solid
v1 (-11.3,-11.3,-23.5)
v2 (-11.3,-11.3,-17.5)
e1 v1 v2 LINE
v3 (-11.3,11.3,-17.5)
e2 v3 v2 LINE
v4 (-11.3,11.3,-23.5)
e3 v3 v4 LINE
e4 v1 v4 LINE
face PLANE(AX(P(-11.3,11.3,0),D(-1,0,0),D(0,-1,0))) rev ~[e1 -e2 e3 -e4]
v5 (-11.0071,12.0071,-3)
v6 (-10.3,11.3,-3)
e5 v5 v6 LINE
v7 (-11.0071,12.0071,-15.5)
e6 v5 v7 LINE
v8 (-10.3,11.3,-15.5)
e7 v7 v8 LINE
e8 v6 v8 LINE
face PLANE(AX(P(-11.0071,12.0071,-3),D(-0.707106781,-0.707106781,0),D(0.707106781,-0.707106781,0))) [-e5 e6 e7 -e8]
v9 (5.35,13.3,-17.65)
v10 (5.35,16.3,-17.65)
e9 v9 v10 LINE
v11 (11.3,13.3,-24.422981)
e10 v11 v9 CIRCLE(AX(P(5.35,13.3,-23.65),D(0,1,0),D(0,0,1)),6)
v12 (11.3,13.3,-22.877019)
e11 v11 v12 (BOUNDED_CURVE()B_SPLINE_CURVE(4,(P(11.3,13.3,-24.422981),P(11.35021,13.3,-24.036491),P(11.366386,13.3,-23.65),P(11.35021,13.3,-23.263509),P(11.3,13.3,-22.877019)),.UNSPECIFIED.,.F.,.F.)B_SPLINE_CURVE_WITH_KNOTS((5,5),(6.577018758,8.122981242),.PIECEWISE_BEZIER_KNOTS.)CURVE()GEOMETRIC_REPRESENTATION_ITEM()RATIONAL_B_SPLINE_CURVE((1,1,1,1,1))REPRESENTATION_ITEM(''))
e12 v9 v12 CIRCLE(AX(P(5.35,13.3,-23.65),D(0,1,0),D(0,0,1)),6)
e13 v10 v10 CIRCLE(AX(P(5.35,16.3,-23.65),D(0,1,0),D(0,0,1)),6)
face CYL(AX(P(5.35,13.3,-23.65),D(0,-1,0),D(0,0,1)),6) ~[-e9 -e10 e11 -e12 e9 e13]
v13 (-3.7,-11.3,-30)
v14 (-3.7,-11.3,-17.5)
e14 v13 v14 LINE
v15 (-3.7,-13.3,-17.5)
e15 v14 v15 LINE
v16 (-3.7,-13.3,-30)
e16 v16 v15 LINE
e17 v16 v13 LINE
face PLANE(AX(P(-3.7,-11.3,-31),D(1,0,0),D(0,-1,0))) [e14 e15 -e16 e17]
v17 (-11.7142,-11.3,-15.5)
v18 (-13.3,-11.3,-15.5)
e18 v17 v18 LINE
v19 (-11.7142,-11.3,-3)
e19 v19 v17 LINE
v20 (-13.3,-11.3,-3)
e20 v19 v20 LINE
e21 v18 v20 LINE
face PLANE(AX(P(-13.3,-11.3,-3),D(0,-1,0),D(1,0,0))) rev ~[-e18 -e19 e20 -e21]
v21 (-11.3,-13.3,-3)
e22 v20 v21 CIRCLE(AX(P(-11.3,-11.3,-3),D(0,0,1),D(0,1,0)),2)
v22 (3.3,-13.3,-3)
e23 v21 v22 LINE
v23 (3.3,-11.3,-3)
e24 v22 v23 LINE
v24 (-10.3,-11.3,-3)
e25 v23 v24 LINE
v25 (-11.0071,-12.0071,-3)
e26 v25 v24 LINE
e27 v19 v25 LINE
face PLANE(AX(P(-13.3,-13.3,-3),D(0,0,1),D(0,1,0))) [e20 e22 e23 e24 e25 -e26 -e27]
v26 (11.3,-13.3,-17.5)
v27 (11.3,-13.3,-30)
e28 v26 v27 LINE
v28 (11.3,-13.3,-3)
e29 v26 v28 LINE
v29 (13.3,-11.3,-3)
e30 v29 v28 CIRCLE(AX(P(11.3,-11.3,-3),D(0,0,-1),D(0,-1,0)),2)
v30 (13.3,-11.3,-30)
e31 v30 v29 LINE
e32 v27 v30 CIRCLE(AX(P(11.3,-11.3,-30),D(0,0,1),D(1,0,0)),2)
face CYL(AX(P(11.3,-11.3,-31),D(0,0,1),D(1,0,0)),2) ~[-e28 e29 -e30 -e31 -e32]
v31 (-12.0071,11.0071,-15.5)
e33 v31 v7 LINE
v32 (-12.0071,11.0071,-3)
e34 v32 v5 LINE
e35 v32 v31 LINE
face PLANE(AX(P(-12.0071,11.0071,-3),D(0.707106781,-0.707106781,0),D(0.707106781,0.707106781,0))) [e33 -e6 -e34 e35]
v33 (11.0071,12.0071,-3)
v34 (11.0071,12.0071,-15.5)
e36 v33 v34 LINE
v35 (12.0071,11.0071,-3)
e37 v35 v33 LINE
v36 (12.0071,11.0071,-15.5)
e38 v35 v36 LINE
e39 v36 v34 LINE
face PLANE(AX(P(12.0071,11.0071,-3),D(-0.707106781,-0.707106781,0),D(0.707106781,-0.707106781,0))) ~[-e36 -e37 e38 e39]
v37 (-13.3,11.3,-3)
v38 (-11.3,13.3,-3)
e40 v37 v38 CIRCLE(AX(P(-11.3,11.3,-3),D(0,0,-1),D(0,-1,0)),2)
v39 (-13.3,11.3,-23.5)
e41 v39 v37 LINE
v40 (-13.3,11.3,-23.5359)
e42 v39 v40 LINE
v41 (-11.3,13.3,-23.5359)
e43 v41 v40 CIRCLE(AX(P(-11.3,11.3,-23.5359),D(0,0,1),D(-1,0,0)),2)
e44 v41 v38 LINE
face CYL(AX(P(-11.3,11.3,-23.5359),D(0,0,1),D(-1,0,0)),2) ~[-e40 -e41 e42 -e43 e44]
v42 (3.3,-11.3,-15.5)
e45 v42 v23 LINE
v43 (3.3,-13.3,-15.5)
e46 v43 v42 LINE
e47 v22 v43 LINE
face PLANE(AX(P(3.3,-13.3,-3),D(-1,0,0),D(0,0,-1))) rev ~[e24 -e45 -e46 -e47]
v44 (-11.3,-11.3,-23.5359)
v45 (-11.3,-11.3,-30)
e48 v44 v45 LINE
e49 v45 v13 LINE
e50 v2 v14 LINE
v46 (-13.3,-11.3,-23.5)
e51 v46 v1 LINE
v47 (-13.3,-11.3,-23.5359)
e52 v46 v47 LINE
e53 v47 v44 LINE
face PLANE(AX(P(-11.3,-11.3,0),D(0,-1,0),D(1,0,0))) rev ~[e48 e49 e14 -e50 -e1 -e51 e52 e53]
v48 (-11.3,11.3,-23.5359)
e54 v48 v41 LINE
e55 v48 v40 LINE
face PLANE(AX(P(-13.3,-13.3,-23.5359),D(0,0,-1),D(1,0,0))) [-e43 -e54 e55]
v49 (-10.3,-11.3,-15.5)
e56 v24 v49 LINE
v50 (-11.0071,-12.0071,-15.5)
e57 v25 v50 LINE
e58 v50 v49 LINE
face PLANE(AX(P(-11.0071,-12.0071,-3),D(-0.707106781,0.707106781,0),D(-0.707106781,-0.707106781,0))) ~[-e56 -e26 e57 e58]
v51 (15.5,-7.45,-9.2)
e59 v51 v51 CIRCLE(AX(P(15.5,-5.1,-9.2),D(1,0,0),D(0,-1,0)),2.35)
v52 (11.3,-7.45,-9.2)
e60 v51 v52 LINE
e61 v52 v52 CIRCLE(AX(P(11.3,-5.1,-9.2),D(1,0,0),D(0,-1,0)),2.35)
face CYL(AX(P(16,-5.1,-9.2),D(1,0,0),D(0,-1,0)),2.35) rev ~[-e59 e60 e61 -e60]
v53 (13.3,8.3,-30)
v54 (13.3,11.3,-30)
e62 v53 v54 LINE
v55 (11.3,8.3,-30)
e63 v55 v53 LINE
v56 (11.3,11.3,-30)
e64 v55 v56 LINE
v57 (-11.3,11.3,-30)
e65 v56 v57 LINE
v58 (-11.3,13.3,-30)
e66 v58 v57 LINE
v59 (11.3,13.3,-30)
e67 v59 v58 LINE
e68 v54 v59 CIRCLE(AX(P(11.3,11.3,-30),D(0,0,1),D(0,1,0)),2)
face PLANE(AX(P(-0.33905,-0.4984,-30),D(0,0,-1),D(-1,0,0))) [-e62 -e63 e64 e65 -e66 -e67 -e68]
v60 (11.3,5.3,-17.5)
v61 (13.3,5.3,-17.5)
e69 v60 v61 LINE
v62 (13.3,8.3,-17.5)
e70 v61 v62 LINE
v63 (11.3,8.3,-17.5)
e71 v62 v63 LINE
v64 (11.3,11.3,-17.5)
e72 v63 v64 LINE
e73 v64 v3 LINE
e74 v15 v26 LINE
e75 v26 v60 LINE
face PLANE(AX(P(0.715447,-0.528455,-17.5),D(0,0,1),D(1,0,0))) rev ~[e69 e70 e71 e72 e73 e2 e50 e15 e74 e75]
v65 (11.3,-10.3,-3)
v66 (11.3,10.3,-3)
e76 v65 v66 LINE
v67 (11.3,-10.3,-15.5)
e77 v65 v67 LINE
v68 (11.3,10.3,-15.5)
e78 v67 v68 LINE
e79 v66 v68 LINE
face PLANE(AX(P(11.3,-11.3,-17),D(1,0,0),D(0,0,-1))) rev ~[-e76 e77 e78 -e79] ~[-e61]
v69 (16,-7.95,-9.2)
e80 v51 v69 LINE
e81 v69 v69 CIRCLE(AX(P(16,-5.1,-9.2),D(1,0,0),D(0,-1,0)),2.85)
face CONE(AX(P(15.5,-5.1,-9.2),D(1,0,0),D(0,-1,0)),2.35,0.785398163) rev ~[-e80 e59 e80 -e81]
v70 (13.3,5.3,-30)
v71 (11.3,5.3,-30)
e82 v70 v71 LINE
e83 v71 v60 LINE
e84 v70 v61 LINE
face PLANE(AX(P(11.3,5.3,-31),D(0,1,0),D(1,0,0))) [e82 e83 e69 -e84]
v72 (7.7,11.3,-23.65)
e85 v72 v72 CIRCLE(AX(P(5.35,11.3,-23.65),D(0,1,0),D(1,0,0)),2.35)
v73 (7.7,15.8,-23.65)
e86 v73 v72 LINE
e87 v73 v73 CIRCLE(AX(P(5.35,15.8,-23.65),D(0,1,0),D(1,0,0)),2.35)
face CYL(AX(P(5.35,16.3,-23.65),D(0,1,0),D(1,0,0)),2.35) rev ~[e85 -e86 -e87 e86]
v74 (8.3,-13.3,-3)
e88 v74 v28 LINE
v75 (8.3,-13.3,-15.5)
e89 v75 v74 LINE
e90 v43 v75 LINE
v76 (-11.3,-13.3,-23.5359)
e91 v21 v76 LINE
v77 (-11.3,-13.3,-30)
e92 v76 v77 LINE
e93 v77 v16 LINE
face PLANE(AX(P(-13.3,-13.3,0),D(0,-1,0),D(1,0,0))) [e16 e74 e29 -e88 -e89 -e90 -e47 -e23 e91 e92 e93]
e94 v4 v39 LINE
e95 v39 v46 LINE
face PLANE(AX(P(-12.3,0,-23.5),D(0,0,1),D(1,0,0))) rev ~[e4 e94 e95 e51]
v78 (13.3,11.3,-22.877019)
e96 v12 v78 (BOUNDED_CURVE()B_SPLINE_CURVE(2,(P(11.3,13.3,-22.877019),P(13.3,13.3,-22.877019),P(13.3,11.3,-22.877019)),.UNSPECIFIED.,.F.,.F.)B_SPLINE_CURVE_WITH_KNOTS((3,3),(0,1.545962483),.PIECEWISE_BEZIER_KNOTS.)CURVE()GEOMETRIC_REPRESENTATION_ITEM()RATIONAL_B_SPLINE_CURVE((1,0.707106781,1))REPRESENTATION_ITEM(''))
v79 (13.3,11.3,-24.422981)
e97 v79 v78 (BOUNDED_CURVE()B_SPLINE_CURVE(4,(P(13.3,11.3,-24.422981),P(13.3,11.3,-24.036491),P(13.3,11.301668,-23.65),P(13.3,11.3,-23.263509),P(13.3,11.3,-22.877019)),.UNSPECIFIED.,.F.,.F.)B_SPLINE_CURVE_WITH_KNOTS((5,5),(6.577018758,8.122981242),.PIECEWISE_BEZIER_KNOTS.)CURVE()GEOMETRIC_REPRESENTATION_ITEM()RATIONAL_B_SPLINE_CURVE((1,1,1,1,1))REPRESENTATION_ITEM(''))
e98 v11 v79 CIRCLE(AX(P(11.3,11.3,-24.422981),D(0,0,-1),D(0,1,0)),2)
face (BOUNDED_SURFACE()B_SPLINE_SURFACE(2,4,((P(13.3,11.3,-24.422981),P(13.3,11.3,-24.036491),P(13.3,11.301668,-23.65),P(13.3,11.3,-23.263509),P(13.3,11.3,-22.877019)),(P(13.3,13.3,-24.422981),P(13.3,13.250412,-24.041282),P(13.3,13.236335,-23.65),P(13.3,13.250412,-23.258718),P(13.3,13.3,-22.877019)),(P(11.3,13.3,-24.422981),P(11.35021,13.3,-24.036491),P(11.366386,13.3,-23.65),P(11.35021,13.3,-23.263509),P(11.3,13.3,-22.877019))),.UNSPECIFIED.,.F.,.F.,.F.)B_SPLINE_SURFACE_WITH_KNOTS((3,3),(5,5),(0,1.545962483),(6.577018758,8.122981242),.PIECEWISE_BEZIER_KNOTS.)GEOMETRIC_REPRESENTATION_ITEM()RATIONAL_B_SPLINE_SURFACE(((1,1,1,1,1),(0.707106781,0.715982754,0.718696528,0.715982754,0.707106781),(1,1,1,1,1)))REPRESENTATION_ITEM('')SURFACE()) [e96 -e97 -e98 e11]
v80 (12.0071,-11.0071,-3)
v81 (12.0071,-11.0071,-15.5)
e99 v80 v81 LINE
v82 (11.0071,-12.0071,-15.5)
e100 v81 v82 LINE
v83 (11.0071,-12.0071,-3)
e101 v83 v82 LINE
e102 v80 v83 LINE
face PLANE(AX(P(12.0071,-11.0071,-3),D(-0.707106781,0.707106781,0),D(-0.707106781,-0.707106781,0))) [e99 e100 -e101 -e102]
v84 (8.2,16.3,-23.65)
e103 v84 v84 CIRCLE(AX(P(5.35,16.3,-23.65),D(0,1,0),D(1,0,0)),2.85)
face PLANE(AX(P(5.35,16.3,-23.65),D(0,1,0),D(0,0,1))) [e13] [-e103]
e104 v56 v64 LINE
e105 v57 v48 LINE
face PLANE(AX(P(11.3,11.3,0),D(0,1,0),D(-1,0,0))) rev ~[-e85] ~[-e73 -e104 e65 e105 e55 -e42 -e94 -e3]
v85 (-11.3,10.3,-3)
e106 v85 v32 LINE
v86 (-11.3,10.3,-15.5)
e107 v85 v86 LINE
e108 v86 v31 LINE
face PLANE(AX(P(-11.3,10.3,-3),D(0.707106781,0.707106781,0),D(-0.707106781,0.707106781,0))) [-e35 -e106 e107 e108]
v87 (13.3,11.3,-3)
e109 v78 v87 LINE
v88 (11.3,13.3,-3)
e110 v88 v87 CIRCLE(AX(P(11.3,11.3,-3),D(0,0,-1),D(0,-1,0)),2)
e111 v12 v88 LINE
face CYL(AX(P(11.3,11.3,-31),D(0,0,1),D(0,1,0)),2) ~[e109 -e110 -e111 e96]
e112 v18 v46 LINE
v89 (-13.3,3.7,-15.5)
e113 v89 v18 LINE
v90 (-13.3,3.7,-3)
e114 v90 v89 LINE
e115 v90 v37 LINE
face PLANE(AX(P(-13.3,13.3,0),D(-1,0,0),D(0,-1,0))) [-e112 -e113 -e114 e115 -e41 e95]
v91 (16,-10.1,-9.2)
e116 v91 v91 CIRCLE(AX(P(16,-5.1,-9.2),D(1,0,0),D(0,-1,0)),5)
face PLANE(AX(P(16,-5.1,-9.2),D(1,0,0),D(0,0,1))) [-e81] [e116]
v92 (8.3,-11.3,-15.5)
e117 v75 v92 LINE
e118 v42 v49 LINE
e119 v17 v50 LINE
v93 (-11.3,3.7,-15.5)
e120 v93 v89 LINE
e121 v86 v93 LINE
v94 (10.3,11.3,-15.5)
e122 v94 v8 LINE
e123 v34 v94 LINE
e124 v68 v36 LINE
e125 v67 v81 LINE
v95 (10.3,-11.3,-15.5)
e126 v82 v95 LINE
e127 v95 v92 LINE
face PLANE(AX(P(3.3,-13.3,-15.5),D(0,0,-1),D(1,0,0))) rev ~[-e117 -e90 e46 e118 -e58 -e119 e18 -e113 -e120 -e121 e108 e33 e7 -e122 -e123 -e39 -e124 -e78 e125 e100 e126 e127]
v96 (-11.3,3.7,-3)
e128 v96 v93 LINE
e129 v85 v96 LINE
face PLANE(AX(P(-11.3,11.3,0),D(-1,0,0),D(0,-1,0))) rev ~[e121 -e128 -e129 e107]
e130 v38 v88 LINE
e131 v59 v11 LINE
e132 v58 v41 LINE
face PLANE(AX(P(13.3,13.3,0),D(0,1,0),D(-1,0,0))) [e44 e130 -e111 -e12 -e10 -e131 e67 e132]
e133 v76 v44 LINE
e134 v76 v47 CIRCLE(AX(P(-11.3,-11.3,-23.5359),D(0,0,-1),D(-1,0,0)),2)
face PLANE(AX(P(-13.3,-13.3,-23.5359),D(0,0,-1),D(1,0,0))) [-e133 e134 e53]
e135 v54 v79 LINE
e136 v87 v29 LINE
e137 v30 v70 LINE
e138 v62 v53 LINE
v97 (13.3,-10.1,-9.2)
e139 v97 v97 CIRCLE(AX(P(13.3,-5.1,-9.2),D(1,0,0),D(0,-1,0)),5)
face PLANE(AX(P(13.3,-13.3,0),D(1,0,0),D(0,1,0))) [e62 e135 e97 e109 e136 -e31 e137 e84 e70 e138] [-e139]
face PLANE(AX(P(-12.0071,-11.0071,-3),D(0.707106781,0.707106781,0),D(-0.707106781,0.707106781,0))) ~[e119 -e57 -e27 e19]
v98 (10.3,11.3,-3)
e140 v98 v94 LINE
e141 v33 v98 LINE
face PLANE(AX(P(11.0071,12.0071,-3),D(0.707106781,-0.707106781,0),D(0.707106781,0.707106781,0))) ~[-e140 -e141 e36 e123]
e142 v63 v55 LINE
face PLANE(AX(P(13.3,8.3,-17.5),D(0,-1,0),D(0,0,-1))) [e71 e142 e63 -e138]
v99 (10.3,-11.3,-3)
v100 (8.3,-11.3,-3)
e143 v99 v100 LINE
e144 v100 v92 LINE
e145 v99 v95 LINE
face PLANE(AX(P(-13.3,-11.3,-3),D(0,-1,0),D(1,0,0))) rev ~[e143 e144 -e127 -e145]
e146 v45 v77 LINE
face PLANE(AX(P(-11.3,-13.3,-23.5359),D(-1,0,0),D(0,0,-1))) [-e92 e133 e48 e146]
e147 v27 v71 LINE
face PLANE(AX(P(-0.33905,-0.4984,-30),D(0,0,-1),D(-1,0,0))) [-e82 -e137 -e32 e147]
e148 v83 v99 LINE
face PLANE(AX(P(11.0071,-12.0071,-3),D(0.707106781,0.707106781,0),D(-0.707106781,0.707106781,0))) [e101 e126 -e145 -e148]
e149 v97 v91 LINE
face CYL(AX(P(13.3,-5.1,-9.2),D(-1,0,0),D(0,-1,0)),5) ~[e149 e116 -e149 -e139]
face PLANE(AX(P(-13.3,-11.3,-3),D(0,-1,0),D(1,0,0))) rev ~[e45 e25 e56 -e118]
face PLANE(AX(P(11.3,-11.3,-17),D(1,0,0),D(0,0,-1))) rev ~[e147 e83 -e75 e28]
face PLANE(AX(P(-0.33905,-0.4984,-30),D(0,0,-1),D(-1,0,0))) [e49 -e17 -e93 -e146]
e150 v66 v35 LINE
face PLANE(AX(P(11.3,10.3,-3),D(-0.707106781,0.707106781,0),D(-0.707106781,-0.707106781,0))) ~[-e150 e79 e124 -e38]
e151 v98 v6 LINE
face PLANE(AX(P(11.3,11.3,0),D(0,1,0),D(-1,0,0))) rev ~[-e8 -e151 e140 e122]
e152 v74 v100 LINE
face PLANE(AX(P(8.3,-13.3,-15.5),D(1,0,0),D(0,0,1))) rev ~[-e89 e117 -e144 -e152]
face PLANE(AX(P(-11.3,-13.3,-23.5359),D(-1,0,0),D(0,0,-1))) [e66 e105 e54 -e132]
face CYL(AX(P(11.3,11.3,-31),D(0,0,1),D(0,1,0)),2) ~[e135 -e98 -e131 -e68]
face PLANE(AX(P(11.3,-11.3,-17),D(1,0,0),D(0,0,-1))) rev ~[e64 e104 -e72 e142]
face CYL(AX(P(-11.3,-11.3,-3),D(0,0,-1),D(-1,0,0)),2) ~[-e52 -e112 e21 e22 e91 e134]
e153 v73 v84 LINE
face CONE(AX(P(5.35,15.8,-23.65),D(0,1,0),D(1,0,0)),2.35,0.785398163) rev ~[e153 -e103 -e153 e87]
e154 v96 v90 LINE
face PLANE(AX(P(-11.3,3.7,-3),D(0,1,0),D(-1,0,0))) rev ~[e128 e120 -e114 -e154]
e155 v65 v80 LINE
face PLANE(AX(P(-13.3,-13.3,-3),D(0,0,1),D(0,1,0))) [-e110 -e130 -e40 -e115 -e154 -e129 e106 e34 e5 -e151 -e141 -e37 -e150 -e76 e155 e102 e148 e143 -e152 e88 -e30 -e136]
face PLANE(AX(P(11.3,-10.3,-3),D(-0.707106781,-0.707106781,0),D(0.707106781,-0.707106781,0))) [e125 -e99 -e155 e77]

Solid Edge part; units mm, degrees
sketch "Sketch1" plane through (0, 0, 0) normal (0, 0, 1) x (1, 0, 0)
  line L0 (-11.3, -11.3) -> (11.3, -11.3)
  line L1 (11.3, -11.3) -> (11.3, 11.3)
  line L2 (11.3, 11.3) -> (-11.3, 11.3)
  line L3 (-11.3, 11.3) -> (-11.3, -11.3)
  dimension "D1" = 22.6
  dimension "D2" = 22.6
extrude "Protrusion1" add sketch "Sketch1" against normal blind 3
sketch "Sketch2" plane through (0, 0, 0) normal (0, 0, 1) x (1, 0, 0)
  line L0 (-13.3, -13.3) -> (13.3, -13.3)
  line L1 (13.3, -13.3) -> (13.3, 13.3)
  line L2 (13.3, 13.3) -> (-13.3, 13.3)
  line L3 (-13.3, 13.3) -> (-13.3, -13.3)
  line L4 (-11.3, -11.3) -> (11.3, -11.3)
  line L5 (11.3, -11.3) -> (11.3, 11.3)
  line L6 (11.3, 11.3) -> (-11.3, 11.3)
  line L7 (-11.3, 11.3) -> (-11.3, -11.3)
  dimension "D1" = 2
  dimension "D2" = 2
  dimension "D3" = 2
  dimension "D4" = 2
extrude "Extrusionsausprägung_2" add sketch "Sketch2" against normal blind 31
sketch "Sketch3" plane through (13.3, 3, -15.5) normal (1, 0, 0) x (0, -1, 0)
  circle A0 centre (8.1, -6.3) radius 5
  dimension "D1" = 10
  dimension "D2" = 8.2
  dimension "D3" = 9.2
extrude "Protrusion2" add sketch "Sketch3" along normal blind 2.7
sketch "Sketch4" plane through (16, 5.1, -9.2) normal (1, 0, 0) x (0, -1, 0)
  circle A0 centre (10.2, 0) radius 2.35
  dimension "D1" = 4.7
extrude "Cutout1" cut sketch "Sketch4" against normal through all
sketch "Sketch5" plane through (0, -11.3, -14) normal (0, 1, 0) x (1, 0, 0)
  line L0 (11.3, 17) -> (-3.7, 17)
  line L1 (-3.7, 3) -> (-3.7, 17)
  line L2 (-3.7, 3) -> (11.3, 3)
  line L3 (11.3, 3) -> (11.3, 17)
  dimension "D1" = 14
  dimension "D2" = 15
extrude "Cutout2" cut sketch "Sketch5" against normal through all
sketch "Sketch6" plane through (13.3, 3, -15.5) normal (1, 0, 0) x (0, -1, 0)
  line L0 (-2.3, 15.5) -> (-2.3, 2)
  line L1 (-2.3, 2) -> (-5.3, 2)
  line L2 (-5.3, 2) -> (-5.3, 15.5)
  line L3 (-5.3, 15.5) -> (-2.3, 15.5)
  dimension "D1" = 13.5
  dimension "D2" = 5
extrude "Cutout3" cut sketch "Sketch6" against normal up to next
sketch "Sketch7" plane through (-4.5, 12.3, -18.5) normal (0, 0, -1) x (-1, 0, 0)
  line L0 (8.8, 1) -> (-17.8, 1)
  line L1 (-17.8, 1) -> (-17.8, -25.6)
  line L2 (-17.8, -25.6) -> (8.8, -25.6)
  line L3 (8.8, -25.6) -> (8.8, 1)
extrude "Extrusionsausprägung_5" add sketch "Sketch7" against normal blind 3
sketch "Sketch8" plane through (-13.3, 0, -15.5) normal (-1, 0, 0) x (0, 1, 0)
  line L0 (13.3, -15.5) -> (-13.3, -15.5)
  line L1 (-13.3, -15.5) -> (-13.3, -12.5)
  line L2 (-13.3, -12.5) -> (13.3, -12.5)
  line L3 (13.3, -12.5) -> (13.3, -15.5)
  dimension "D1" = 3
extrude "Cutout4" cut sketch "Sketch8" against normal through all
sketch "Sketch9" plane through (0, 0, -3) normal (0, 0, 1) x (0, -1, 0)
  line L0 (11.3, -13.3) -> (11.3, -11.3)
  line L1 (11.3, -11.3) -> (-3.7, -11.3)
  line L2 (-3.7, -11.3) -> (-3.7, -13.3)
  line L3 (-3.7, -13.3) -> (11.3, -13.3)
  dimension "D1" = 15
  dimension "D2" = 2
extrude "Cutout5" cut sketch "Sketch9" against normal up to vertex (12.5 mm away)
sketch "Sketch10" plane through (0, 13.3, -17) normal (0, 1, 0) x (0, 0, 1)
  circle A0 centre (-6.65, 5.35) radius 6
  dimension "D1" = 7.35
  dimension "D2" = 7.95
  dimension "D3" = 12
extrude "Extrusionsausprägung_6" add sketch "Sketch10" along normal blind 3
sketch "Sketch11" plane through (4.9, 16.3, -24.7) normal (0, 1, 0) x (1, 0, 0)
  circle A0 centre (0.45, -1.05) radius 2.35
extrude "Cutout6" cut sketch "Sketch11" against normal up to next
sketch "Sketch12" plane through (0, 13.3, -18) normal (0, 1, 0) x (1, 0, 0)
  line L0 (-11.3, 13) -> (-13.3, 5.5359)
  line L1 (-13.3, 13) -> (-13.3, 5.5359)
  line L2 (-11.3, 13) -> (-13.3, 13)
  dimension "D1" = 2
extrude "Cutout7" cut sketch "Sketch12" against normal up to next
sketch "Sketch13" plane through (0.3352, -13.3, -18) normal (0, -1, 0) x (1, 0, 0)
  line L0 (2.9648, 2.5) -> (7.9648, 2.5)
  line L1 (7.9648, 2.5) -> (7.9648, 15)
  line L2 (7.9648, 15) -> (2.9648, 15)
  line L3 (2.9648, 15) -> (2.9648, 2.5)
  dimension "D1" = 5
  dimension "D2" = 3
extrude "Cutout8" cut sketch "Sketch13" against normal up to next
sketch "Sketch14" plane through (-12.3, 7.5, -3) normal (0, 0, 1) x (0, 1, 0)
  line L0 (2.8, -1) -> (3.5071, -0.2929)
  line L1 (3.5071, -0.2929) -> (4.5071, -1.2929)
  line L2 (4.5071, -1.2929) -> (3.8, -2)
  line L3 (3.8, -2) -> (3.8, -1)
  line L4 (3.8, -1) -> (2.8, -1)
  dimension "D1" = 1
  dimension "D2" = 1
extrude "Cutout9" cut sketch "Sketch14" against normal up to vertex (12.5 mm away)
mirror "Mirror1" about plane through (0, 0, 0) normal (1, 0, 0) of "Cutout9"
mirror "Mirror2" about plane through (0, 0, 0) normal (0, -1, 0) of "Cutout9", "Mirror1"
sketch "Sketch15" plane through (0, 12.3, -31) normal (0, 0, -1) x (-1, 0, 0)
  line L0 (11.3, -1) -> (13.3, -1)
  line L1 (13.3, -1) -> (13.3, -23.6)
  line L2 (13.3, -23.6) -> (11.3, -23.6)
  line L3 (11.3, -23.6) -> (11.3, -1)
  dimension "D1" = 2
extrude "Cutout10" cut sketch "Sketch15" against normal blind 7.5
chamfer "Fase_5" distance 0.5 angle 45 2 edges at (3, 16.3, -23.65) (16, -2.75, -9.2)
fillet "Verrundung_6" radius 2 4 edges at (13.3, 13.3, -17) (13.3, -13.3, -17) (-13.3, 13.3, -13.2679) (-13.3, -13.3, -13.2679)
sketch "Sketch16" plane through (0, -13.3, -17) normal (0, -1, 0) x (1, 0, 0)
  line L0 (-13.3, -6.5359) -> (-11.3, -6.5359)
  line L1 (-11.3, -6.5359) -> (-11.3, -14)
  line L2 (-11.3, -14) -> (-13.3, -6.5359)
extrude "Cutout11" cut sketch "Sketch16" against normal through all
sketch "Sketch17" plane through (12.3, -4, -31) normal (0, 0, -1) x (0, 1, 0)
  line L0 (-9.3, -1) -> (9.3, -1)
  line L1 (9.3, -1) -> (9.3, 1)
  line L2 (9.3, 1) -> (12.3, 1)
  line L3 (12.3, 1) -> (12.3, -1)
  line L4 (12.3, -1) -> (15.3, -1)
  line L5 (15.3, -1) -> (15.3, -23.6)
  line L6 (15.3, -23.6) -> (-7.3, -23.6)
  line L7 (-7.3, -23.6) -> (-7.3, -16)
  line L8 (-7.3, -16) -> (-9.3, -16)
  line L9 (-9.3, -16) -> (-9.3, -1)
extrude "Extrusionsausschnitt_21" cut sketch "Sketch17" against normal blind 13.5
sketch "Sketch18" plane through (12.3, -4, -31) normal (0, 0, -1) x (0, 1, 0)
  line L0 (-24.7024, -32.1956) -> (31.7056, -32.1956)
  line L1 (31.7056, -32.1956) -> (31.7056, 6.9175)
  line L2 (31.7056, 6.9175) -> (-24.7024, 6.9175)
  line L3 (-24.7024, 6.9175) -> (-24.7024, -32.1956)
extrude "Extrusionsausschnitt_22" cut sketch "Sketch18" against normal blind 1
properties material "Nylon, allgemein"
